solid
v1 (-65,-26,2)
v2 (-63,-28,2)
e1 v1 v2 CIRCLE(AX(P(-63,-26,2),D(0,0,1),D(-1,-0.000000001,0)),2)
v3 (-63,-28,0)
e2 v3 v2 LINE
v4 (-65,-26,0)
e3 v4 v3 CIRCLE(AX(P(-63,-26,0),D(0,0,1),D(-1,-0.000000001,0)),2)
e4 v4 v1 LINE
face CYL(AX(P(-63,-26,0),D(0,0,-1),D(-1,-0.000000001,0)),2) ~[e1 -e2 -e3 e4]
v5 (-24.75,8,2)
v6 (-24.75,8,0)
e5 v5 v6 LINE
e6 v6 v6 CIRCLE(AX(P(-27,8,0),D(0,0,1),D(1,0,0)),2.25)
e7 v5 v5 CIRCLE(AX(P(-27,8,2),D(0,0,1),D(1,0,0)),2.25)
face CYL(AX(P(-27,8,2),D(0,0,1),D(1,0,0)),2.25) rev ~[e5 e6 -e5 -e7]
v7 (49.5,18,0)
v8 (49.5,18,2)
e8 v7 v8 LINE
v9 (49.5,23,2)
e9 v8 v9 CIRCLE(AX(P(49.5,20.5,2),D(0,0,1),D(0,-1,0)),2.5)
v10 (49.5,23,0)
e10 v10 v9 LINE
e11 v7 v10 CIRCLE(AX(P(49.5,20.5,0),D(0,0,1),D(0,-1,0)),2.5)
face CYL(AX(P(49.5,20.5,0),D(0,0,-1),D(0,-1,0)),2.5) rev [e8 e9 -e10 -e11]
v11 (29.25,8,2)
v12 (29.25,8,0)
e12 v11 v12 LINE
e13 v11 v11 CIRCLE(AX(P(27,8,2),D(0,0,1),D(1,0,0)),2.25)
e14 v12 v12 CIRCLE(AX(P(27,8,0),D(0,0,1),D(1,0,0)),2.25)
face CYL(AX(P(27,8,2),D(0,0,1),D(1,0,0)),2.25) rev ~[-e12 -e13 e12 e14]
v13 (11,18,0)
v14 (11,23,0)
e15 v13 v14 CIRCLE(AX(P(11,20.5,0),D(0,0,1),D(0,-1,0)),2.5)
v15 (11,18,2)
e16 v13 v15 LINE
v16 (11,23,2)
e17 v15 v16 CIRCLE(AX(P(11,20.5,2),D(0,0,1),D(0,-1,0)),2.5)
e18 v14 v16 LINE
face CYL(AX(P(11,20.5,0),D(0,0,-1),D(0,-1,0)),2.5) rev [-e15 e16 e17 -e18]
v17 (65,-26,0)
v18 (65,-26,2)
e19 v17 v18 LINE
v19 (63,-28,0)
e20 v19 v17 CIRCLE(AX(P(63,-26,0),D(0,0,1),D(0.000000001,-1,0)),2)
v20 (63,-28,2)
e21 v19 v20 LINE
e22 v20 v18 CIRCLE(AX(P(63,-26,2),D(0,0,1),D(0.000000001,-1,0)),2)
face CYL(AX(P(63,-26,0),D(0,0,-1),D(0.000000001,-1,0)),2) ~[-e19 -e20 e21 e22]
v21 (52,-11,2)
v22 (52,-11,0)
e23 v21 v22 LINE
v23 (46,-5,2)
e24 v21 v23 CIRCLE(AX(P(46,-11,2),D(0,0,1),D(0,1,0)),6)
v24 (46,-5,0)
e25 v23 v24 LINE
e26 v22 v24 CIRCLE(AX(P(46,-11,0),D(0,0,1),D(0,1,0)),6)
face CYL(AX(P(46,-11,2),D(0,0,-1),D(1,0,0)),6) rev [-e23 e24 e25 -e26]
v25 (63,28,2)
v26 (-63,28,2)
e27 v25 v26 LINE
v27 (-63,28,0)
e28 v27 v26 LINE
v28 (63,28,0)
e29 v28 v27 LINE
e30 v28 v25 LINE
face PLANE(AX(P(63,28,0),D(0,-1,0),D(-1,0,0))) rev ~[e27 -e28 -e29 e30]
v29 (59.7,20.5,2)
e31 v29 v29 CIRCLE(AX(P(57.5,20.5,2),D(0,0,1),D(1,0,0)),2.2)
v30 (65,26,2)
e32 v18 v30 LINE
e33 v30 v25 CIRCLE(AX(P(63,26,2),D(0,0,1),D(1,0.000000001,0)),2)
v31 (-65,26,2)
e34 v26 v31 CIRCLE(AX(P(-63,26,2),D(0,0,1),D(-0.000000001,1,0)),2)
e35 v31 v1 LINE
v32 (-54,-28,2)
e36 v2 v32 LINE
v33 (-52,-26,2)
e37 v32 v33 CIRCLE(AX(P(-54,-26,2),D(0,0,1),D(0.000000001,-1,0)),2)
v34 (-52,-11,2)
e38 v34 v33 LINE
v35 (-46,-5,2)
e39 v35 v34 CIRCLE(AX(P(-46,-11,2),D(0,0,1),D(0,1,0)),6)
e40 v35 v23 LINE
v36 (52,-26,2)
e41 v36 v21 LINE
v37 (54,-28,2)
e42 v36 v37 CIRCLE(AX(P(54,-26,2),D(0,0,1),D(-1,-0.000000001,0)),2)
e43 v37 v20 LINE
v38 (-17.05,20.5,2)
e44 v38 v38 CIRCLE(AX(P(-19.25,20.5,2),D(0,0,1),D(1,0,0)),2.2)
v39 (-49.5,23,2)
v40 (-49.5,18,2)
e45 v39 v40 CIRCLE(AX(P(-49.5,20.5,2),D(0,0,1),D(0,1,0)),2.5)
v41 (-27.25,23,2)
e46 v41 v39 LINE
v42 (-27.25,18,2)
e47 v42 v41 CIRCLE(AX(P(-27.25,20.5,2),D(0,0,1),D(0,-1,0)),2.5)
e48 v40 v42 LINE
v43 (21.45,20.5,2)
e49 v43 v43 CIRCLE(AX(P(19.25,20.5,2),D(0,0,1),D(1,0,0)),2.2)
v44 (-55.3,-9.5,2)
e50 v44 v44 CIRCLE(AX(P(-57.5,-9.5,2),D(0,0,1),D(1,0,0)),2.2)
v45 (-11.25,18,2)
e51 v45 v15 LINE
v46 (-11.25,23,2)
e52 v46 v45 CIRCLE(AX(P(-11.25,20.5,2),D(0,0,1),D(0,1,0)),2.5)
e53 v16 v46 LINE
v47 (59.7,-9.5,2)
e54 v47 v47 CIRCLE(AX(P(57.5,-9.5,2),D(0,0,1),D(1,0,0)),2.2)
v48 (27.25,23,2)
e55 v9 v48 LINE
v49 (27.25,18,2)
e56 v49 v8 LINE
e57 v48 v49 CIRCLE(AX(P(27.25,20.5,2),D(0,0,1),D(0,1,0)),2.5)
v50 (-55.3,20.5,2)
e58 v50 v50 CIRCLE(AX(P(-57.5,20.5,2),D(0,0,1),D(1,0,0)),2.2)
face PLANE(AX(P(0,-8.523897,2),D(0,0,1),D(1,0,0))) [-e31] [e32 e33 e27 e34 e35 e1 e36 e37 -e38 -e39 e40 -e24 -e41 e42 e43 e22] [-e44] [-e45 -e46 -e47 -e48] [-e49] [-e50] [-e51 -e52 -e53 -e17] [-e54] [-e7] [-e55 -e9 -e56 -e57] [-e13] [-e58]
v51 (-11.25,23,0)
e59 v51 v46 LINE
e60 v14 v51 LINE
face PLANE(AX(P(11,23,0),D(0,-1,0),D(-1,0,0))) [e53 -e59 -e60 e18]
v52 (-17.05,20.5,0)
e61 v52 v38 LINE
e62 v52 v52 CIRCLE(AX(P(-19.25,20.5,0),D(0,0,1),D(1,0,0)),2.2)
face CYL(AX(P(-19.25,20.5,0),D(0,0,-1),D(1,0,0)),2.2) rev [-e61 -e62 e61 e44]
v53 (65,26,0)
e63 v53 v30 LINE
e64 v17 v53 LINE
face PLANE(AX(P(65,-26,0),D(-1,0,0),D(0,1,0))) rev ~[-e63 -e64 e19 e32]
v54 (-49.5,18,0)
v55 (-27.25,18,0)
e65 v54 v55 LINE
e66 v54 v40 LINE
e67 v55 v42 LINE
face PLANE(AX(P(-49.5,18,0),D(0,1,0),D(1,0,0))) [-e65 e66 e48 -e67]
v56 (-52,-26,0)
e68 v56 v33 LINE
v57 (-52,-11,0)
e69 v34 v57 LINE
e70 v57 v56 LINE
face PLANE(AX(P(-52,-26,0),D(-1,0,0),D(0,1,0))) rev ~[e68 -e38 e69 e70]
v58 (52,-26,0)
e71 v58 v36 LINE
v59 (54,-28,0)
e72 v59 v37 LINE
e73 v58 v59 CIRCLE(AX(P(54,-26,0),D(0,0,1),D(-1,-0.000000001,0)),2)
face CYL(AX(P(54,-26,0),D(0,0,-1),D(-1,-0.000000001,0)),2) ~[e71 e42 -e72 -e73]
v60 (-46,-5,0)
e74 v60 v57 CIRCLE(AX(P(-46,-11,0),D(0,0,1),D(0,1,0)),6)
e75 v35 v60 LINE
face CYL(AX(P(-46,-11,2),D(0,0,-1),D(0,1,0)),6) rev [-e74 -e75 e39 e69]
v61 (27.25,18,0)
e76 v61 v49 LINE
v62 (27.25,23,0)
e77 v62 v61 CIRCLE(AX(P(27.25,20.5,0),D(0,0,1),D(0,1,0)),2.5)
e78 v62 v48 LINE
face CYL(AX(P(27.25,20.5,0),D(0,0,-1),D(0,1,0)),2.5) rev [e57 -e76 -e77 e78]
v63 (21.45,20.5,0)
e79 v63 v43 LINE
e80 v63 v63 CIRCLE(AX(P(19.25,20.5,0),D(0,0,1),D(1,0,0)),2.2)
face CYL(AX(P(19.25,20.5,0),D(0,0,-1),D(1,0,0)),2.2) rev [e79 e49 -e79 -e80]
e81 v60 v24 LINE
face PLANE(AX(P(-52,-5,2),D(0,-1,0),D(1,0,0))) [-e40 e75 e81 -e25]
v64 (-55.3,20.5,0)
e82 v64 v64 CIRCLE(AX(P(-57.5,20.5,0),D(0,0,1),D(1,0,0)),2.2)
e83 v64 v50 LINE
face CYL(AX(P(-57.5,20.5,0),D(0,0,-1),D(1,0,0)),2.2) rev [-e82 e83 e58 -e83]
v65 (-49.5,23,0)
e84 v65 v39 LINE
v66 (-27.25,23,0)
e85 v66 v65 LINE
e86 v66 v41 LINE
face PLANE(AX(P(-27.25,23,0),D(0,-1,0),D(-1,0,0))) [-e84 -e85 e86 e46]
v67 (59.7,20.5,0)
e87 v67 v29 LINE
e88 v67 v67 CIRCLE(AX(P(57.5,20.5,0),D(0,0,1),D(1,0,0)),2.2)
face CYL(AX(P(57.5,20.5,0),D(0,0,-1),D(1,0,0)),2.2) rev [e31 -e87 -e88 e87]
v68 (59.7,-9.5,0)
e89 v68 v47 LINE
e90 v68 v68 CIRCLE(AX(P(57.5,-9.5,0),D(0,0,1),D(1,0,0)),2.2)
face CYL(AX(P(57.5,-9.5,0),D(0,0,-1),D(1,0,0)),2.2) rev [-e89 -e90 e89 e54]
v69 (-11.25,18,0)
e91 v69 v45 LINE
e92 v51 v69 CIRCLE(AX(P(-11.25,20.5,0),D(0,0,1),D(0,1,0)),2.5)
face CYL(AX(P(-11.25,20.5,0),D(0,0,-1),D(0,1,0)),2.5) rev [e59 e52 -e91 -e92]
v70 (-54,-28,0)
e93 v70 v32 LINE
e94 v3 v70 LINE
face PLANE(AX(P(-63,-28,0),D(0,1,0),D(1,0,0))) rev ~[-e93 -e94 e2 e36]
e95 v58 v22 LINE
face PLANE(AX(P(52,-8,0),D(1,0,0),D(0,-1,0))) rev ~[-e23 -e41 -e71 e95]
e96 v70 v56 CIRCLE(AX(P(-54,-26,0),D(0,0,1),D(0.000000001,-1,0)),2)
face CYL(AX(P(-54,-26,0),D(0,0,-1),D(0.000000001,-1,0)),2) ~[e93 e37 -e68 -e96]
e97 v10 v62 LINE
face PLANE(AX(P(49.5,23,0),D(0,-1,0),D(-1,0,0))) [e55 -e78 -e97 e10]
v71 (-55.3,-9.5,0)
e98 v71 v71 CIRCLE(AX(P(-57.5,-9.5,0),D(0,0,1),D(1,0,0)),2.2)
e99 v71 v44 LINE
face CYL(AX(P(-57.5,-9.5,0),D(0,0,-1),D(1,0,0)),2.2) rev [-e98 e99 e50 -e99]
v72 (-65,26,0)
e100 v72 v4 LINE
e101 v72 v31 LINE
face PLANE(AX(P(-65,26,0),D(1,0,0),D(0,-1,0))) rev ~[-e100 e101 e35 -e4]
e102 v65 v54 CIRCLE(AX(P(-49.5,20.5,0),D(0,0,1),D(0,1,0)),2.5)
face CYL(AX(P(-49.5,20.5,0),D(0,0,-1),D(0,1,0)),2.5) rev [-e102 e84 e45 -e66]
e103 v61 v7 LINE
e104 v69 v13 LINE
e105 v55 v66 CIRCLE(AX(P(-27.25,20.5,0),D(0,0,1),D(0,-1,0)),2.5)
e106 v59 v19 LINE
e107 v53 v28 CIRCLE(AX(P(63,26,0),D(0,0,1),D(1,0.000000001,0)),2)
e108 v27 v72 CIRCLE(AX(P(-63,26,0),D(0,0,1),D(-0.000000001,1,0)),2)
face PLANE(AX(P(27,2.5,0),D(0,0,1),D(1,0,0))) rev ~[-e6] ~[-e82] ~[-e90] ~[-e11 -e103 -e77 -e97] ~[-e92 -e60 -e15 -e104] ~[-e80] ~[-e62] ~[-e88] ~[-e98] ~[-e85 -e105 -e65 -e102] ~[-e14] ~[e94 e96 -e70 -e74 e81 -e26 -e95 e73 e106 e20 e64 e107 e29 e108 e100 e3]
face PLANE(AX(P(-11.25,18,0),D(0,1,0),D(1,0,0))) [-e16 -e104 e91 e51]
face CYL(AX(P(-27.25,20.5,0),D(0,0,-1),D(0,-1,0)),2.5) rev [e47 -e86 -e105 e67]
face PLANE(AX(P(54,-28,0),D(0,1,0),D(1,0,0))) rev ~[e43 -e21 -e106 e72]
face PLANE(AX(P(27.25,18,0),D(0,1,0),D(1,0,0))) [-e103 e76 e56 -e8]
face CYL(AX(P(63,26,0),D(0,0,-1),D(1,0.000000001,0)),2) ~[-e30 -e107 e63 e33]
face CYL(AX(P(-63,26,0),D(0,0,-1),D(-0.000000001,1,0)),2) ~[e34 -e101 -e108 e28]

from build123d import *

# Parameters (mm, degrees)
SKETCH_1_R          = 2.2
SKETCH_1_R_2        = 2.25
EXTRUDE_1_DEPTH     = 2
EXTRUDE_START       = -2
EXTRUDE_2_DEPTH     = 2
SKETCH_3_R          = 2.25
CUT_EXTRUDE_1_DEPTH = 23
SKETCH_3_3_R        = 2.25
EXTRUDE_3_DEPTH     = 2
SKETCH_5_W          = 104
SKETCH_5_H          = 6
CUT_EXTRUDE_2_DEPTH = 24
FILLET_1_R          = 6


with BuildPart() as part:
    # 草图1 → 凸台-拉伸1 (new body)
    with BuildSketch(Plane.XY):
        with BuildLine():
            Line((63, 28), (-63, 28))
            ThreePointArc((-63, 28), (-64.414213562, 27.414213562), (-65, 26))
            Line((-65, 26), (-65, -26))
            ThreePointArc((-65, -26), (-64.414213562, -27.414213562), (-63, -28))
            Line((-63, -28), (-54, -28))
            ThreePointArc((-54, -28), (-52.585786438, -27.414213562), (-52, -26))
            Line((-52, -26), (-52, -8))
            ThreePointArc((-52, -8), (-51.414213562, -6.585786438), (-50, -6))
            Line((-50, -6), (50, -6))
            ThreePointArc((50, -6), (51.414213562, -6.585786438), (52, -8))
            Line((52, -8), (52, -26))
            ThreePointArc((52, -26), (52.585786438, -27.414213562), (54, -28))
            Line((54, -28), (63, -28))
            ThreePointArc((63, -28), (64.414213562, -27.414213562), (65, -26))
            Line((65, -26), (65, 26))
            ThreePointArc((65, 26), (64.414213562, 27.414213562), (63, 28))
        make_face()
        with Locations((-57.5, -9.5)):
            Circle(SKETCH_1_R, mode=Mode.SUBTRACT)
        with Locations((-57.5, 20.5)):
            Circle(SKETCH_1_R, mode=Mode.SUBTRACT)
        with Locations((19.25, 20.5)):
            Circle(SKETCH_1_R, mode=Mode.SUBTRACT)
        with Locations((-19.25, 20.5)):
            Circle(SKETCH_1_R, mode=Mode.SUBTRACT)
        with Locations((57.5, 20.5)):
            Circle(SKETCH_1_R, mode=Mode.SUBTRACT)
        with Locations((57.5, -9.5)):
            Circle(SKETCH_1_R, mode=Mode.SUBTRACT)
        with Locations((27, 2.5)):
            Circle(SKETCH_1_R_2, mode=Mode.SUBTRACT)
        with Locations((-27, 2.5)):
            Circle(SKETCH_1_R_2, mode=Mode.SUBTRACT)
        with BuildLine():
            Line((27.25, 18), (49.5, 18))
            ThreePointArc((49.5, 18), (52, 20.5), (49.5, 23))
            Line((49.5, 23), (27.25, 23))
            ThreePointArc((27.25, 23), (24.75, 20.5), (27.25, 18))
        make_face(mode=Mode.SUBTRACT)
        with BuildLine():
            Line((-11.25, 18), (11, 18))
            ThreePointArc((11, 18), (13.5, 20.5), (11, 23))
            Line((11, 23), (-11.25, 23))
            ThreePointArc((-11.25, 23), (-13.75, 20.5), (-11.25, 18))
        make_face(mode=Mode.SUBTRACT)
        with BuildLine():
            Line((-49.5, 18), (-27.25, 18))
            ThreePointArc((-27.25, 18), (-24.75, 20.5), (-27.25, 23))
            Line((-27.25, 23), (-49.5, 23))
            ThreePointArc((-49.5, 23), (-52, 20.5), (-49.5, 18))
        make_face(mode=Mode.SUBTRACT)
    extrude(amount=EXTRUDE_1_DEPTH)

    # 草图2 → 凸台-拉伸2 (add)
    with BuildSketch(Plane.XY.offset(2).offset(EXTRUDE_START)):
        with BuildLine():
            Line((-52, -8), (-52, -11))
            Line((-52, -11), (52, -11))
            Line((52, -11), (52, -8))
            ThreePointArc((52, -8), (51.414213562, -6.585786438), (50, -6))
            Line((50, -6), (-50, -6))
            ThreePointArc((-50, -6), (-51.414213562, -6.585786438), (-52, -8))
        make_face()
    extrude(amount=EXTRUDE_2_DEPTH)

    # 草图3 → 切除-拉伸1 (cut)
    with BuildSketch(Plane.XY.offset(2)):
        with Locations((-27, 8)):
            Circle(SKETCH_3_R)
        with Locations((27, 8)):
            Circle(SKETCH_3_R)
    extrude(amount=-CUT_EXTRUDE_1_DEPTH, mode=Mode.SUBTRACT)

    # 草图3<3> → 凸台-拉伸3 (add)
    with BuildSketch(Plane.XY.offset(2).offset(EXTRUDE_START)):
        with Locations((27, 2.5)):
            Circle(SKETCH_3_3_R)
        with Locations((-27, 2.5)):
            Circle(SKETCH_3_3_R)
    extrude(amount=EXTRUDE_3_DEPTH)

    # 草图5 → 切除-拉伸2 (cut)
    with BuildSketch(Plane.XY.offset(2)):
        with Locations((0, -8)):
            Rectangle(SKETCH_5_W, SKETCH_5_H)
    extrude(amount=-CUT_EXTRUDE_2_DEPTH, mode=Mode.SUBTRACT)

    # 圆角1
    fillet_1_edges = [part.edges().sort_by_distance(p)[0] for p in [
        (52, -5, 1),
        (-52, -5, 1),
    ]]
    fillet(fillet_1_edges, radius=FILLET_1_R)


solid = part.part
